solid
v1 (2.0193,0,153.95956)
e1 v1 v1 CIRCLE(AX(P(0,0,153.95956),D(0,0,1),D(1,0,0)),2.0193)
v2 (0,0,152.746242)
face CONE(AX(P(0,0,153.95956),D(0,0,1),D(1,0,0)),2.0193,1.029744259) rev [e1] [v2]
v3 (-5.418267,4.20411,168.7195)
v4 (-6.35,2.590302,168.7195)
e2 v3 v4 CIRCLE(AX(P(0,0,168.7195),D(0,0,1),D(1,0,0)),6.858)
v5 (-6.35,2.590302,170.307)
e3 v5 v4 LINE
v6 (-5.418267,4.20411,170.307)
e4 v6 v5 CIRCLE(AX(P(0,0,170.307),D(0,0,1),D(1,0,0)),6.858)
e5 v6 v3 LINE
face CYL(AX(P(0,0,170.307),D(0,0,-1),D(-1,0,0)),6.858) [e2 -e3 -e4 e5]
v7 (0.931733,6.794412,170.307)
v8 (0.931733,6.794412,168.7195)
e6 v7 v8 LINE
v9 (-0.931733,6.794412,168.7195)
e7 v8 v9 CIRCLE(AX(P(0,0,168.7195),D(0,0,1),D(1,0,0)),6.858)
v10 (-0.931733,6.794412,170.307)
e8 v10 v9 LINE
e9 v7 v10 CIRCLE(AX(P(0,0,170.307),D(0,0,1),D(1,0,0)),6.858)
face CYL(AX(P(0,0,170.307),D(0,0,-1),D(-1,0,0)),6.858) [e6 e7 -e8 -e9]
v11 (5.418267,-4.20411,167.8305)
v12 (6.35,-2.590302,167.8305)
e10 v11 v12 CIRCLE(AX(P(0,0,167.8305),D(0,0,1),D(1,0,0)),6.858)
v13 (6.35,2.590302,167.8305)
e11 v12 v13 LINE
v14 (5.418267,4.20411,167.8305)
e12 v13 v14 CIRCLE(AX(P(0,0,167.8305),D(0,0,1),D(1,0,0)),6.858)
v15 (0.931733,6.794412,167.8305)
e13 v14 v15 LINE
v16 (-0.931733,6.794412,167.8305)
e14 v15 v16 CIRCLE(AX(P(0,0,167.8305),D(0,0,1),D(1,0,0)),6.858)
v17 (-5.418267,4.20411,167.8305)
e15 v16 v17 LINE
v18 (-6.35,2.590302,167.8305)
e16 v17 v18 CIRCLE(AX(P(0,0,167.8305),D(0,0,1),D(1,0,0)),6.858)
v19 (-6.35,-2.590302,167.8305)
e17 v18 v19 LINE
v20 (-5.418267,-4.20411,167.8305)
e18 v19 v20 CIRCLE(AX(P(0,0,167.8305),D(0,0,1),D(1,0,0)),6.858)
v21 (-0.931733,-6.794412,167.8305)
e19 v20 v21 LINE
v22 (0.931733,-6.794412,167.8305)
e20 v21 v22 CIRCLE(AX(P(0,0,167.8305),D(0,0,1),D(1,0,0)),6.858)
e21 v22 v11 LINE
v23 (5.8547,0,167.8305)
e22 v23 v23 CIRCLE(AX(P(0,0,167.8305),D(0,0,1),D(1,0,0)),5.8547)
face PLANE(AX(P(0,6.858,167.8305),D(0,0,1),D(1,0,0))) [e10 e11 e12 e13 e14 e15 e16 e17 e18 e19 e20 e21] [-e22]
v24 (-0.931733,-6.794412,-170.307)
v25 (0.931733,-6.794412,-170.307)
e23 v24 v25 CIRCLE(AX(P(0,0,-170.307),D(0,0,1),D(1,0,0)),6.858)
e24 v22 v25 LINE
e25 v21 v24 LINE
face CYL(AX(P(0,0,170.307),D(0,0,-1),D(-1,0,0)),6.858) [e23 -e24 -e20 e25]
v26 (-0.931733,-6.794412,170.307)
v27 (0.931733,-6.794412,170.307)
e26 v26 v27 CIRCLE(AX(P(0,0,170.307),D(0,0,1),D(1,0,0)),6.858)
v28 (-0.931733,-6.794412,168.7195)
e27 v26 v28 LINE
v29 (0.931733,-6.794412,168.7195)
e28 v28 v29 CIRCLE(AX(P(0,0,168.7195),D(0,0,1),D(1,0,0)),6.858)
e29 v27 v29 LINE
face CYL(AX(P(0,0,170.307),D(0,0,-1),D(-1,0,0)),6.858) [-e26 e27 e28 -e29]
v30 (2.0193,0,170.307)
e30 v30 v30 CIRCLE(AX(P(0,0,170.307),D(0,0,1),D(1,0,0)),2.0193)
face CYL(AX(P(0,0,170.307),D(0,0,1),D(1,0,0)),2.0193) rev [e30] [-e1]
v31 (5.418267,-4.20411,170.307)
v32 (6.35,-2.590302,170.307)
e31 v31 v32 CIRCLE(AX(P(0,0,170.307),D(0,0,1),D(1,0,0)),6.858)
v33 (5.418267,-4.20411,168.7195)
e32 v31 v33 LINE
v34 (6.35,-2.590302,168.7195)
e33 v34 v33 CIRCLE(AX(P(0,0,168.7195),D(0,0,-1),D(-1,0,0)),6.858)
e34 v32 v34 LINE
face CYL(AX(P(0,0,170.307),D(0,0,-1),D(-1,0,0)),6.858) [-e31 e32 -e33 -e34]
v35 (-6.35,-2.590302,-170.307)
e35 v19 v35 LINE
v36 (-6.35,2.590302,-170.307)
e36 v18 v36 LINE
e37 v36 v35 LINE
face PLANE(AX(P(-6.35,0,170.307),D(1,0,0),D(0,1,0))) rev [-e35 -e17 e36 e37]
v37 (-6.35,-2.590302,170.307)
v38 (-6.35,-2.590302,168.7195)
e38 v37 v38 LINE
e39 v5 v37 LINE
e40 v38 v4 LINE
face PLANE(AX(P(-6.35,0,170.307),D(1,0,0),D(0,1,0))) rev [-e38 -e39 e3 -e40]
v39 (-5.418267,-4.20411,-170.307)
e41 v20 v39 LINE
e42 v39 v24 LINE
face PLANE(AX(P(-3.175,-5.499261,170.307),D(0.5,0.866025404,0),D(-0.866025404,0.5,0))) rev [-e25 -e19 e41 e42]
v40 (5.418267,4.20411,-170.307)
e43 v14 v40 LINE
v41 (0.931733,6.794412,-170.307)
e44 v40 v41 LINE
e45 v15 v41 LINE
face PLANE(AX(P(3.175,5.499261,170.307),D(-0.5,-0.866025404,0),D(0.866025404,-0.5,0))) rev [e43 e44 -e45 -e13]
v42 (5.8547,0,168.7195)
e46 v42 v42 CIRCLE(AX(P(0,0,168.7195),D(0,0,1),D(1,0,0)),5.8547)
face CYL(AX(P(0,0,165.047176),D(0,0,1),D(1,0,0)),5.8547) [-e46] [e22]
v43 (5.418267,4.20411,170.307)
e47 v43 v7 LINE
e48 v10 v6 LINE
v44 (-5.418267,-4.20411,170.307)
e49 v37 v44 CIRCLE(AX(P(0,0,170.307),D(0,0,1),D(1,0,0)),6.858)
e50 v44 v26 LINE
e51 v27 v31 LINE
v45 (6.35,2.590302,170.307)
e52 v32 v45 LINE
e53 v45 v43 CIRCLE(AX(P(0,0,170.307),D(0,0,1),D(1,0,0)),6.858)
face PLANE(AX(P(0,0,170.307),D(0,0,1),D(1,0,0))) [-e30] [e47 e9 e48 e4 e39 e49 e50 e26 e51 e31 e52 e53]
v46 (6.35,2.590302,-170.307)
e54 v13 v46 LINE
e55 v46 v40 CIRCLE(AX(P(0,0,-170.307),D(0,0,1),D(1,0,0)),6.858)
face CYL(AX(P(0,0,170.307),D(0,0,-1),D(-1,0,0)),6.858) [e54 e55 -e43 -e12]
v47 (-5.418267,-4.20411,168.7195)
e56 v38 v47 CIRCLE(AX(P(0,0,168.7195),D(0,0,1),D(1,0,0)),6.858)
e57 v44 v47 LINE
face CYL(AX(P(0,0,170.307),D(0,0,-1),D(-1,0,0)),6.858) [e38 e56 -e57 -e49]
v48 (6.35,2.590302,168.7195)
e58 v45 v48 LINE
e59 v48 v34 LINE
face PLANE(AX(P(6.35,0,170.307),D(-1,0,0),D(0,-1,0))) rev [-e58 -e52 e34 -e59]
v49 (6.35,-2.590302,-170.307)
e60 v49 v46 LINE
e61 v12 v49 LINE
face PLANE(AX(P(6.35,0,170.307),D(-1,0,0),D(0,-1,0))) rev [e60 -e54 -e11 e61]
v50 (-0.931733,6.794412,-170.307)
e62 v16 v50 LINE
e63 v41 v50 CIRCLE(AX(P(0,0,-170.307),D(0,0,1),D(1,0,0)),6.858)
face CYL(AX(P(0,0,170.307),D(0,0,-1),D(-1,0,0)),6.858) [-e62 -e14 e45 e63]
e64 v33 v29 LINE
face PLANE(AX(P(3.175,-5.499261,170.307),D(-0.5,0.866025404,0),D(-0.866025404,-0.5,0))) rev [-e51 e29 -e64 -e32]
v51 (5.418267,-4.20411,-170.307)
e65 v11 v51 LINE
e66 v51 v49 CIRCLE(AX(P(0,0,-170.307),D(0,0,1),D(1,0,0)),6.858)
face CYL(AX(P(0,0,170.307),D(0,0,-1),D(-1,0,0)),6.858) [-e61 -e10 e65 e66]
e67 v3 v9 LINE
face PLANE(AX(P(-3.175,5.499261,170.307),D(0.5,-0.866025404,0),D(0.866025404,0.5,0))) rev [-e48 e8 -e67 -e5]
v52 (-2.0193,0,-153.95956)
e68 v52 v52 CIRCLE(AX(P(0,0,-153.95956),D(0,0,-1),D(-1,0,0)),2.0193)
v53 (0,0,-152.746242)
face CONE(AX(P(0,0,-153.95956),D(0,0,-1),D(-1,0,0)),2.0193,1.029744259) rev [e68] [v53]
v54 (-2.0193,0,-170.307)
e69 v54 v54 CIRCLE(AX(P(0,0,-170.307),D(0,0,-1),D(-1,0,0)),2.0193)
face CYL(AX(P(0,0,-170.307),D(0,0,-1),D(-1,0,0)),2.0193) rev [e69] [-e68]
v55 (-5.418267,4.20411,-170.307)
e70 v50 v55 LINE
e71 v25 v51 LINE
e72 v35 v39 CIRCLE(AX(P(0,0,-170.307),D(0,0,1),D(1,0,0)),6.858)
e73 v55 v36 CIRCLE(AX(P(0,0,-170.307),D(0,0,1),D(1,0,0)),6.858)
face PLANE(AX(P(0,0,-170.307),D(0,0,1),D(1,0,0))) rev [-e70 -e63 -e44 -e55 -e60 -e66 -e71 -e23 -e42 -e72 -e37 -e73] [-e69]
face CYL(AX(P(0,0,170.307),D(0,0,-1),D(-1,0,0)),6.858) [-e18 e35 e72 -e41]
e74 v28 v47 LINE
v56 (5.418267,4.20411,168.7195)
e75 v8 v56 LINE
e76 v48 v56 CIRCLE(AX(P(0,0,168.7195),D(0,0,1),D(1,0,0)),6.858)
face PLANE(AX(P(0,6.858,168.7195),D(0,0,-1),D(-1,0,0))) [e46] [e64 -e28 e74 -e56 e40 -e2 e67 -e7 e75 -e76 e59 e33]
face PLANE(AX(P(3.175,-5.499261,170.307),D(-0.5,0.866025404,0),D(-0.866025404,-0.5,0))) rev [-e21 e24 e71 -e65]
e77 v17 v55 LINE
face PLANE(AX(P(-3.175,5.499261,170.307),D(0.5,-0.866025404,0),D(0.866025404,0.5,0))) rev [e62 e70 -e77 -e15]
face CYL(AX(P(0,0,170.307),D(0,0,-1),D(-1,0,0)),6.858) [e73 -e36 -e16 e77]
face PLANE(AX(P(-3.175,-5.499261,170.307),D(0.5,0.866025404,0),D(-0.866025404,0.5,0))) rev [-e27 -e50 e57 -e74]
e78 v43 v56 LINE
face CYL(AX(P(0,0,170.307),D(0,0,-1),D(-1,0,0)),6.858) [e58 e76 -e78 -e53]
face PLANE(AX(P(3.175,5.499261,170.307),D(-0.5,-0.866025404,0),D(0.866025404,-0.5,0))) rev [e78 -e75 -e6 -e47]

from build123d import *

# Parameters (mm, degrees)
BOSS_EXTRUDE1_DEPTH                  = 170.307
F_10_32_TAPPED_HOLE1_D               = 4.0386
F_10_32_TAPPED_HOLE1_DEPTH           = 16.34744
F_10_32_TAPPED_HOLE1_TIP             = 1.213317848
F_10_32_TAPPED_HOLE1_ON_FACE_2_D     = 4.0386
F_10_32_TAPPED_HOLE1_ON_FACE_2_DEPTH = 16.34744
F_10_32_TAPPED_HOLE1_ON_FACE_2_TIP   = 1.213317848
SKETCH5_W                            = 0.889
SKETCH5_H                            = 1.0033


with BuildPart() as part:
    # Sketch1 → Boss-Extrude1 (new, symmetric)
    with BuildSketch(Plane.XY):
        with BuildLine():
            ThreePointArc((0.93173274, 6.79441227), (0, 6.858), (-0.93173274, 6.79441227))
            Line((-0.93173274, 6.79441227), (-5.41826726, 4.204110358))
            ThreePointArc((-5.41826726, 4.204110358), (-5.939202219, 3.429), (-6.35, 2.590301913))
            Line((-6.35, 2.590301913), (-6.35, -2.590301913))
            ThreePointArc((-6.35, -2.590301913), (-5.939202219, -3.429), (-5.41826726, -4.204110358))
            Line((-5.41826726, -4.204110358), (-0.93173274, -6.79441227))
            ThreePointArc((-0.93173274, -6.79441227), (0, -6.858), (0.93173274, -6.79441227))
            Line((0.93173274, -6.79441227), (5.41826726, -4.204110358))
            ThreePointArc((5.41826726, -4.204110358), (5.939202219, -3.429), (6.35, -2.590301913))
            Line((6.35, -2.590301913), (6.35, 2.590301913))
            ThreePointArc((6.35, 2.590301913), (5.939202219, 3.429), (5.41826726, 4.204110358))
            Line((5.41826726, 4.204110358), (0.93173274, 6.79441227))
        make_face()
    extrude(amount=BOSS_EXTRUDE1_DEPTH, both=True)

    # #10-32 Tapped Hole1
    with Locations(Plane.XY.offset(170.307)):
        with Locations((0, 0)):
            Hole(F_10_32_TAPPED_HOLE1_D / 2, depth=F_10_32_TAPPED_HOLE1_DEPTH)
            with Locations((0, 0, -(F_10_32_TAPPED_HOLE1_DEPTH + F_10_32_TAPPED_HOLE1_TIP / 2))):  # 118° drill point
                Cone(0, F_10_32_TAPPED_HOLE1_D / 2, F_10_32_TAPPED_HOLE1_TIP, mode=Mode.SUBTRACT)

    # #10-32 Tapped Hole1 on face 2
    with Locations(Plane(origin=(0, 0, -170.307), x_dir=(-1, 0, 0), z_dir=(0, 0, -1))):
        with Locations((0, 0)):
            Hole(F_10_32_TAPPED_HOLE1_ON_FACE_2_D / 2, depth=F_10_32_TAPPED_HOLE1_ON_FACE_2_DEPTH)
            with Locations((0, 0, -(F_10_32_TAPPED_HOLE1_ON_FACE_2_DEPTH + F_10_32_TAPPED_HOLE1_ON_FACE_2_TIP / 2))):  # 118° drill point
                Cone(0, F_10_32_TAPPED_HOLE1_ON_FACE_2_D / 2, F_10_32_TAPPED_HOLE1_ON_FACE_2_TIP, mode=Mode.SUBTRACT)

    # Sketch5 → Cut-Revolve1 (revolve, cut)
    with BuildSketch(Plane(origin=(0, 0, 0), x_dir=(0, 0, -1), z_dir=(1, 0, 0)), mode=Mode.PRIVATE) as cut_revolve1_sk:
        with Locations((-168.275, 6.35635)):
            Rectangle(SKETCH5_W, SKETCH5_H)
    revolve(cut_revolve1_sk.sketch.rotate(Axis((0, 0, 165.047176272), (0, 0, -1)), 90), axis=Axis((0, 0, 165.047176272), (0, 0, -1)), mode=Mode.SUBTRACT)


solid = part.part
